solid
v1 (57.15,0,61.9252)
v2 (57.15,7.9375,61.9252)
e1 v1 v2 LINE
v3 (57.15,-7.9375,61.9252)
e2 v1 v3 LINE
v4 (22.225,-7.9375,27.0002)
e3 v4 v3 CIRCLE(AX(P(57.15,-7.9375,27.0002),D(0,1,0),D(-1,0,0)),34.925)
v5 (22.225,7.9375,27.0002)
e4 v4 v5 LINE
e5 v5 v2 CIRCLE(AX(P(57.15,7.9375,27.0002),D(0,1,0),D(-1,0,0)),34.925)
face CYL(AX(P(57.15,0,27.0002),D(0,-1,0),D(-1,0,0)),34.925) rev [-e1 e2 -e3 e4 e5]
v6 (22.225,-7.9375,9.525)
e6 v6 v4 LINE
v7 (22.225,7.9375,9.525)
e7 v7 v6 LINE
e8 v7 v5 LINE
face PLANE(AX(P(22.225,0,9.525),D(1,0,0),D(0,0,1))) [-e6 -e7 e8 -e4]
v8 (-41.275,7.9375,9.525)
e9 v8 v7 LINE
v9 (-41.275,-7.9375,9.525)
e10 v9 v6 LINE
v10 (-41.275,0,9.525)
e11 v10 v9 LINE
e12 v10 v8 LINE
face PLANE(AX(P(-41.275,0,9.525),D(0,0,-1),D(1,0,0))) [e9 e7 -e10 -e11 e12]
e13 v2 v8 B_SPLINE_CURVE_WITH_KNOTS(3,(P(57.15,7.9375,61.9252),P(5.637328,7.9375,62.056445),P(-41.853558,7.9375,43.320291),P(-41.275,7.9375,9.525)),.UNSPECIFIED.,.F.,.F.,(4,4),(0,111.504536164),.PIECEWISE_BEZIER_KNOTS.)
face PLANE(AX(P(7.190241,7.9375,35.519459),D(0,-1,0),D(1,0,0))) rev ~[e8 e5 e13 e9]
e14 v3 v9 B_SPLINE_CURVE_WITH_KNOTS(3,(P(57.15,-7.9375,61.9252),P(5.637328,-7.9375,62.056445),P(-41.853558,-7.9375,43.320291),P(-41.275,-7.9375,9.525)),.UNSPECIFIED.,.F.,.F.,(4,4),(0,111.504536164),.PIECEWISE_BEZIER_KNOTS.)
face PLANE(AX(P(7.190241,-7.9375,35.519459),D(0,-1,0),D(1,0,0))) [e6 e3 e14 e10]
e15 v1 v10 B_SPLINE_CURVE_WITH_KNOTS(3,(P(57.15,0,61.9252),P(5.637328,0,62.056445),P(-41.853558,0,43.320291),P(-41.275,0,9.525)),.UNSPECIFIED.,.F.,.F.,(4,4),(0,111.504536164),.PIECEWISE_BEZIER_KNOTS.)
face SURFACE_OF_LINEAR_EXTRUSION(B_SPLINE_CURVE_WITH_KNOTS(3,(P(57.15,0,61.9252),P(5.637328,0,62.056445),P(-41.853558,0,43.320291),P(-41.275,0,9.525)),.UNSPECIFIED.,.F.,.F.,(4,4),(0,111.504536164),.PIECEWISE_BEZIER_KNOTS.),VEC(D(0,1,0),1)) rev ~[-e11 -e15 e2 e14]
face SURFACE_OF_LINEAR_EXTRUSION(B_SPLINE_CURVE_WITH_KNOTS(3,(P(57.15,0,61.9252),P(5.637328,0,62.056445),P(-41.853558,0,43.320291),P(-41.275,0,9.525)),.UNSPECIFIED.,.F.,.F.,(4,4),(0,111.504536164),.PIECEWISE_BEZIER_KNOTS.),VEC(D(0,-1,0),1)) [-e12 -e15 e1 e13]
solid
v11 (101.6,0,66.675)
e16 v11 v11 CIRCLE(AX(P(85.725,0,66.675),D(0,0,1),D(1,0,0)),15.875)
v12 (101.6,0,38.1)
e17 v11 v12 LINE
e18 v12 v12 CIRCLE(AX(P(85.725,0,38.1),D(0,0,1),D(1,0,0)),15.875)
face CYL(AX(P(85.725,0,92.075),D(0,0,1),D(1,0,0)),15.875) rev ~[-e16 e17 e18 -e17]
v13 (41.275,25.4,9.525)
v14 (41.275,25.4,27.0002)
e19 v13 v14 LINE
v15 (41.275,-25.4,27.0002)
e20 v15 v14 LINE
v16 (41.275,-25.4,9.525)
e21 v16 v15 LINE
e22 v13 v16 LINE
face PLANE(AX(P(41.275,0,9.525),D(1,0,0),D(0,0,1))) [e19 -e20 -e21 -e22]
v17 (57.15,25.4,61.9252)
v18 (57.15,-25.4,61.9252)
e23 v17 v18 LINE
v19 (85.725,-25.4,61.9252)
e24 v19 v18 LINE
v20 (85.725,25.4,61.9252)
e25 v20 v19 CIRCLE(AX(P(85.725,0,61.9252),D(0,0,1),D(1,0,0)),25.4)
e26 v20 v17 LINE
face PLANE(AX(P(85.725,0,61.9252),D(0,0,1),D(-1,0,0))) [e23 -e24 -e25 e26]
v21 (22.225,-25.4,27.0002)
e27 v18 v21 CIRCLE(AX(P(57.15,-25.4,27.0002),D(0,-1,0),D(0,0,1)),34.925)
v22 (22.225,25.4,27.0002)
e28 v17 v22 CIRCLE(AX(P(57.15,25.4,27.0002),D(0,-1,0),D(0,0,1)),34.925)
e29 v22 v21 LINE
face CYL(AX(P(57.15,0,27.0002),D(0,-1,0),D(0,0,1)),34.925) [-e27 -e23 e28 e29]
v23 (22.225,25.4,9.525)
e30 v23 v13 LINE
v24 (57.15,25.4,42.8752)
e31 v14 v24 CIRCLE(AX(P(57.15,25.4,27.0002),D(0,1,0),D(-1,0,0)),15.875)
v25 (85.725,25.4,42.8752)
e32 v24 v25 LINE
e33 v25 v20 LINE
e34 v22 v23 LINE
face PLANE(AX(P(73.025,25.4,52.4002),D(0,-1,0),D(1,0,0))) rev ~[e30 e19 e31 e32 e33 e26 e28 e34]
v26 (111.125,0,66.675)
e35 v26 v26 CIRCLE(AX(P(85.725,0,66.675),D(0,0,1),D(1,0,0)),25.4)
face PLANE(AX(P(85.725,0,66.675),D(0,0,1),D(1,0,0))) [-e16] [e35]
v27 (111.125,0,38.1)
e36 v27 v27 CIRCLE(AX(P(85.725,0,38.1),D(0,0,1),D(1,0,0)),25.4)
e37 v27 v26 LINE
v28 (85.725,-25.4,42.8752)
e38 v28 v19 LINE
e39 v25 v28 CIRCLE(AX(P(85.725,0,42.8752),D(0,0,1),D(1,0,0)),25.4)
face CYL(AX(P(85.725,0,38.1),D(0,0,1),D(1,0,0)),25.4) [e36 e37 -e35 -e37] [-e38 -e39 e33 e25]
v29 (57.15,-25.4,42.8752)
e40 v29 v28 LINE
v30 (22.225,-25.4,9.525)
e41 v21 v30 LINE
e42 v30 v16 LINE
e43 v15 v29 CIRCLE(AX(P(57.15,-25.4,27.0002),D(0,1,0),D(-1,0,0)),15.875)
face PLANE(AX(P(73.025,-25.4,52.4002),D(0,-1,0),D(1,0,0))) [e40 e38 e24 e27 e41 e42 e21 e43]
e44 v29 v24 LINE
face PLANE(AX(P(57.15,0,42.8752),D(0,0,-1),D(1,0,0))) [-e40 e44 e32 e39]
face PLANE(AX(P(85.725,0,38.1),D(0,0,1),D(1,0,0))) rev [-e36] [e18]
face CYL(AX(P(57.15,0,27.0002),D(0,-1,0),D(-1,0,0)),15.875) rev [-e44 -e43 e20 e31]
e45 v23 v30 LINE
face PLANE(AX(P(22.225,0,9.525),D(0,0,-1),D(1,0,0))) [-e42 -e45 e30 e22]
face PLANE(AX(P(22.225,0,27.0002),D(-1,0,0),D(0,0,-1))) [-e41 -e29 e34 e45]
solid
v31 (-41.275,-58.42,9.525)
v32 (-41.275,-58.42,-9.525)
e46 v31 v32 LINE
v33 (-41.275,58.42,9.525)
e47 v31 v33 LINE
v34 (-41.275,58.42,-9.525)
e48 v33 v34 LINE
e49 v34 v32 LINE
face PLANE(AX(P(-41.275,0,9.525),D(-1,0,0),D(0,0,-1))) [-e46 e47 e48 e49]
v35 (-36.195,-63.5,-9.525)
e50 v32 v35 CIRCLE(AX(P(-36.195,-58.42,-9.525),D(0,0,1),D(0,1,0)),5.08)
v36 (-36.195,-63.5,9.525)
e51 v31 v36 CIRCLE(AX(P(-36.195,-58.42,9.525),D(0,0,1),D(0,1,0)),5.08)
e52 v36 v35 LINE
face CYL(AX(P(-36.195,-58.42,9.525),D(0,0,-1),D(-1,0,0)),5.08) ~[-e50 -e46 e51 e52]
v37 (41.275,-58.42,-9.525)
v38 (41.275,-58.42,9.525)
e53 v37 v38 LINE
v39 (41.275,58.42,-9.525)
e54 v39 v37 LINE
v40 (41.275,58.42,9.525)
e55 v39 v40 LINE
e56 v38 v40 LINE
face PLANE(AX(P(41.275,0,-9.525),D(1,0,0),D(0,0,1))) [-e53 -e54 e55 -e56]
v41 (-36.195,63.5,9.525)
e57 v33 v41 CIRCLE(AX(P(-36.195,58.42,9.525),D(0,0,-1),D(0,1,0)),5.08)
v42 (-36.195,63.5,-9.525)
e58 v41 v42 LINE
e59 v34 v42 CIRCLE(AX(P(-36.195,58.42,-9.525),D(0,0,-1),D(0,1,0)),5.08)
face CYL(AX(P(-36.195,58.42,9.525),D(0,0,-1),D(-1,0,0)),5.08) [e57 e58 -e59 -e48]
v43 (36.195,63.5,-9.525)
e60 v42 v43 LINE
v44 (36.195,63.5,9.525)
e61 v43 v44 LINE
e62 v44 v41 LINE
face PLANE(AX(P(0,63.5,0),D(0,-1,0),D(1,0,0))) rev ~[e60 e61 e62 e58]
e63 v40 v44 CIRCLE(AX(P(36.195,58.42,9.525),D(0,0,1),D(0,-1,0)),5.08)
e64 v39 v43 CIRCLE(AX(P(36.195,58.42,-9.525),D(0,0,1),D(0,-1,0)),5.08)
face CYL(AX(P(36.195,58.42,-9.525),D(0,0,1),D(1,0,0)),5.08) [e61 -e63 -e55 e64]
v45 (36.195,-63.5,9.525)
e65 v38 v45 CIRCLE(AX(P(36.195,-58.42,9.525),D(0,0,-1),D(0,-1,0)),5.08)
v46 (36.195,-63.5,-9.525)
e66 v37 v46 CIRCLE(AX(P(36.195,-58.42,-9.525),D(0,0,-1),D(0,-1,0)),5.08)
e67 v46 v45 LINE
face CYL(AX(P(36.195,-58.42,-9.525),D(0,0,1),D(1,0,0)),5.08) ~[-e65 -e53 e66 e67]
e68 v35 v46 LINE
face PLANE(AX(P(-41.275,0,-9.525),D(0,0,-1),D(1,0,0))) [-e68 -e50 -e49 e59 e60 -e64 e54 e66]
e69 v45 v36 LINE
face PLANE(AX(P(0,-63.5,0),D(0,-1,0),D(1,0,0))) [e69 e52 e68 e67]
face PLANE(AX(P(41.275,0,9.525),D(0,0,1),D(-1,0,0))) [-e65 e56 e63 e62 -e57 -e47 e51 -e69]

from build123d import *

# Parameters (mm, degrees)
F1_DEPTH = 63.5
F0_W     = 25.4
F0_H     = 19.05
F2_DEPTH = 25.4
F3_DEPTH = 7.9375
F5_R     = 5.08
F6_R     = 15.875
F7_DEPTH = 25.4
F8_DEPTH = 101.601


with BuildPart() as f1:
    # F0 (on Front) → F1 (new body, symmetric)
    with BuildSketch(Plane.XZ):
        Polygon((22.225, 9.525), (-41.275, 9.525), (-41.275, -9.525), (41.275, -9.525), (41.275, 9.525), align=None)
    extrude(amount=F1_DEPTH, both=True)

    # F5
    f5_edges = [f1.edges().sort_by_distance(p)[0] for p in [
        (41.275, -63.5, 0),
        (-41.275, -63.5, 0),
        (-41.275, 63.5, 0),
        (41.275, 63.5, 0),
    ]]
    fillet(f5_edges, radius=F5_R)


with BuildPart() as f2:
    # F0 (on Front) → F2 (new body, symmetric)
    with BuildSketch(Plane.XZ):
        with Locations((73.025, 52.4002)):
            Rectangle(F0_W, F0_H)
        with BuildLine():
            Line((22.225, 27.0002), (22.225, 9.525))
            Line((22.225, 9.525), (41.275, 9.525))
            Line((41.275, 9.525), (41.275, 27.0002))
            ThreePointArc((41.275, 27.0002), (45.9246798487, 38.2255201513), (57.15, 42.8752))
            Line((57.15, 42.8752), (60.325, 42.8752))
            Line((60.325, 42.8752), (60.325, 61.9252))
            Line((60.325, 61.9252), (57.15, 61.9252))
            ThreePointArc((57.15, 61.9252), (32.4542956671, 51.6959043329), (22.225, 27.0002))
        make_face()
    extrude(amount=F2_DEPTH, both=True)

    # F0 (on Front) → F4 (revolve)
    with BuildSketch(Plane.XZ):
        Polygon((85.725, 66.675), (85.725, 61.9252), (85.725, 42.8752), (85.725, 38.1), (111.125, 38.1), (111.125, 66.675), align=None)
    revolve(axis=Axis((85.725, 0, 52.3875), (0, 0, 1)))

    # F6 (on face) → F7 (join)
    with BuildSketch(Plane.XY.offset(66.675)):
        with Locations((85.725, 0)):
            Circle(F6_R)
    extrude(amount=F7_DEPTH)

    # F8 (cut, through all): a face of the model
    f8_faces = [f2.faces().sort_by_distance(p)[0] for p in [
        (85.725, 0, 92.075),
    ]]
    extrude(f8_faces, amount=-F8_DEPTH, mode=Mode.SUBTRACT)


with BuildPart() as f3:
    # F0 (on Front) → F3 (new body, symmetric)
    with BuildSketch(Plane.XZ):
        with BuildLine():
            add(Edge.make_bspline(
                [(57.15, 61.9252), (5.6373281404, 62.0564445853), (-41.8535582721, 43.3202907443), (-41.275, 9.525)],
                knots=[0, 0, 0, 0, 111.5045361635, 111.5045361635, 111.5045361635, 111.5045361635], degree=3))
            Line((-41.275, 9.525), (22.225, 9.525))
            Line((22.225, 9.525), (22.225, 27.0002))
            ThreePointArc((22.225, 27.0002), (32.4542956671, 51.6959043329), (57.15, 61.9252))
        make_face()
    extrude(amount=F3_DEPTH, both=True)


solid = Compound([f1.part, f2.part, f3.part])
